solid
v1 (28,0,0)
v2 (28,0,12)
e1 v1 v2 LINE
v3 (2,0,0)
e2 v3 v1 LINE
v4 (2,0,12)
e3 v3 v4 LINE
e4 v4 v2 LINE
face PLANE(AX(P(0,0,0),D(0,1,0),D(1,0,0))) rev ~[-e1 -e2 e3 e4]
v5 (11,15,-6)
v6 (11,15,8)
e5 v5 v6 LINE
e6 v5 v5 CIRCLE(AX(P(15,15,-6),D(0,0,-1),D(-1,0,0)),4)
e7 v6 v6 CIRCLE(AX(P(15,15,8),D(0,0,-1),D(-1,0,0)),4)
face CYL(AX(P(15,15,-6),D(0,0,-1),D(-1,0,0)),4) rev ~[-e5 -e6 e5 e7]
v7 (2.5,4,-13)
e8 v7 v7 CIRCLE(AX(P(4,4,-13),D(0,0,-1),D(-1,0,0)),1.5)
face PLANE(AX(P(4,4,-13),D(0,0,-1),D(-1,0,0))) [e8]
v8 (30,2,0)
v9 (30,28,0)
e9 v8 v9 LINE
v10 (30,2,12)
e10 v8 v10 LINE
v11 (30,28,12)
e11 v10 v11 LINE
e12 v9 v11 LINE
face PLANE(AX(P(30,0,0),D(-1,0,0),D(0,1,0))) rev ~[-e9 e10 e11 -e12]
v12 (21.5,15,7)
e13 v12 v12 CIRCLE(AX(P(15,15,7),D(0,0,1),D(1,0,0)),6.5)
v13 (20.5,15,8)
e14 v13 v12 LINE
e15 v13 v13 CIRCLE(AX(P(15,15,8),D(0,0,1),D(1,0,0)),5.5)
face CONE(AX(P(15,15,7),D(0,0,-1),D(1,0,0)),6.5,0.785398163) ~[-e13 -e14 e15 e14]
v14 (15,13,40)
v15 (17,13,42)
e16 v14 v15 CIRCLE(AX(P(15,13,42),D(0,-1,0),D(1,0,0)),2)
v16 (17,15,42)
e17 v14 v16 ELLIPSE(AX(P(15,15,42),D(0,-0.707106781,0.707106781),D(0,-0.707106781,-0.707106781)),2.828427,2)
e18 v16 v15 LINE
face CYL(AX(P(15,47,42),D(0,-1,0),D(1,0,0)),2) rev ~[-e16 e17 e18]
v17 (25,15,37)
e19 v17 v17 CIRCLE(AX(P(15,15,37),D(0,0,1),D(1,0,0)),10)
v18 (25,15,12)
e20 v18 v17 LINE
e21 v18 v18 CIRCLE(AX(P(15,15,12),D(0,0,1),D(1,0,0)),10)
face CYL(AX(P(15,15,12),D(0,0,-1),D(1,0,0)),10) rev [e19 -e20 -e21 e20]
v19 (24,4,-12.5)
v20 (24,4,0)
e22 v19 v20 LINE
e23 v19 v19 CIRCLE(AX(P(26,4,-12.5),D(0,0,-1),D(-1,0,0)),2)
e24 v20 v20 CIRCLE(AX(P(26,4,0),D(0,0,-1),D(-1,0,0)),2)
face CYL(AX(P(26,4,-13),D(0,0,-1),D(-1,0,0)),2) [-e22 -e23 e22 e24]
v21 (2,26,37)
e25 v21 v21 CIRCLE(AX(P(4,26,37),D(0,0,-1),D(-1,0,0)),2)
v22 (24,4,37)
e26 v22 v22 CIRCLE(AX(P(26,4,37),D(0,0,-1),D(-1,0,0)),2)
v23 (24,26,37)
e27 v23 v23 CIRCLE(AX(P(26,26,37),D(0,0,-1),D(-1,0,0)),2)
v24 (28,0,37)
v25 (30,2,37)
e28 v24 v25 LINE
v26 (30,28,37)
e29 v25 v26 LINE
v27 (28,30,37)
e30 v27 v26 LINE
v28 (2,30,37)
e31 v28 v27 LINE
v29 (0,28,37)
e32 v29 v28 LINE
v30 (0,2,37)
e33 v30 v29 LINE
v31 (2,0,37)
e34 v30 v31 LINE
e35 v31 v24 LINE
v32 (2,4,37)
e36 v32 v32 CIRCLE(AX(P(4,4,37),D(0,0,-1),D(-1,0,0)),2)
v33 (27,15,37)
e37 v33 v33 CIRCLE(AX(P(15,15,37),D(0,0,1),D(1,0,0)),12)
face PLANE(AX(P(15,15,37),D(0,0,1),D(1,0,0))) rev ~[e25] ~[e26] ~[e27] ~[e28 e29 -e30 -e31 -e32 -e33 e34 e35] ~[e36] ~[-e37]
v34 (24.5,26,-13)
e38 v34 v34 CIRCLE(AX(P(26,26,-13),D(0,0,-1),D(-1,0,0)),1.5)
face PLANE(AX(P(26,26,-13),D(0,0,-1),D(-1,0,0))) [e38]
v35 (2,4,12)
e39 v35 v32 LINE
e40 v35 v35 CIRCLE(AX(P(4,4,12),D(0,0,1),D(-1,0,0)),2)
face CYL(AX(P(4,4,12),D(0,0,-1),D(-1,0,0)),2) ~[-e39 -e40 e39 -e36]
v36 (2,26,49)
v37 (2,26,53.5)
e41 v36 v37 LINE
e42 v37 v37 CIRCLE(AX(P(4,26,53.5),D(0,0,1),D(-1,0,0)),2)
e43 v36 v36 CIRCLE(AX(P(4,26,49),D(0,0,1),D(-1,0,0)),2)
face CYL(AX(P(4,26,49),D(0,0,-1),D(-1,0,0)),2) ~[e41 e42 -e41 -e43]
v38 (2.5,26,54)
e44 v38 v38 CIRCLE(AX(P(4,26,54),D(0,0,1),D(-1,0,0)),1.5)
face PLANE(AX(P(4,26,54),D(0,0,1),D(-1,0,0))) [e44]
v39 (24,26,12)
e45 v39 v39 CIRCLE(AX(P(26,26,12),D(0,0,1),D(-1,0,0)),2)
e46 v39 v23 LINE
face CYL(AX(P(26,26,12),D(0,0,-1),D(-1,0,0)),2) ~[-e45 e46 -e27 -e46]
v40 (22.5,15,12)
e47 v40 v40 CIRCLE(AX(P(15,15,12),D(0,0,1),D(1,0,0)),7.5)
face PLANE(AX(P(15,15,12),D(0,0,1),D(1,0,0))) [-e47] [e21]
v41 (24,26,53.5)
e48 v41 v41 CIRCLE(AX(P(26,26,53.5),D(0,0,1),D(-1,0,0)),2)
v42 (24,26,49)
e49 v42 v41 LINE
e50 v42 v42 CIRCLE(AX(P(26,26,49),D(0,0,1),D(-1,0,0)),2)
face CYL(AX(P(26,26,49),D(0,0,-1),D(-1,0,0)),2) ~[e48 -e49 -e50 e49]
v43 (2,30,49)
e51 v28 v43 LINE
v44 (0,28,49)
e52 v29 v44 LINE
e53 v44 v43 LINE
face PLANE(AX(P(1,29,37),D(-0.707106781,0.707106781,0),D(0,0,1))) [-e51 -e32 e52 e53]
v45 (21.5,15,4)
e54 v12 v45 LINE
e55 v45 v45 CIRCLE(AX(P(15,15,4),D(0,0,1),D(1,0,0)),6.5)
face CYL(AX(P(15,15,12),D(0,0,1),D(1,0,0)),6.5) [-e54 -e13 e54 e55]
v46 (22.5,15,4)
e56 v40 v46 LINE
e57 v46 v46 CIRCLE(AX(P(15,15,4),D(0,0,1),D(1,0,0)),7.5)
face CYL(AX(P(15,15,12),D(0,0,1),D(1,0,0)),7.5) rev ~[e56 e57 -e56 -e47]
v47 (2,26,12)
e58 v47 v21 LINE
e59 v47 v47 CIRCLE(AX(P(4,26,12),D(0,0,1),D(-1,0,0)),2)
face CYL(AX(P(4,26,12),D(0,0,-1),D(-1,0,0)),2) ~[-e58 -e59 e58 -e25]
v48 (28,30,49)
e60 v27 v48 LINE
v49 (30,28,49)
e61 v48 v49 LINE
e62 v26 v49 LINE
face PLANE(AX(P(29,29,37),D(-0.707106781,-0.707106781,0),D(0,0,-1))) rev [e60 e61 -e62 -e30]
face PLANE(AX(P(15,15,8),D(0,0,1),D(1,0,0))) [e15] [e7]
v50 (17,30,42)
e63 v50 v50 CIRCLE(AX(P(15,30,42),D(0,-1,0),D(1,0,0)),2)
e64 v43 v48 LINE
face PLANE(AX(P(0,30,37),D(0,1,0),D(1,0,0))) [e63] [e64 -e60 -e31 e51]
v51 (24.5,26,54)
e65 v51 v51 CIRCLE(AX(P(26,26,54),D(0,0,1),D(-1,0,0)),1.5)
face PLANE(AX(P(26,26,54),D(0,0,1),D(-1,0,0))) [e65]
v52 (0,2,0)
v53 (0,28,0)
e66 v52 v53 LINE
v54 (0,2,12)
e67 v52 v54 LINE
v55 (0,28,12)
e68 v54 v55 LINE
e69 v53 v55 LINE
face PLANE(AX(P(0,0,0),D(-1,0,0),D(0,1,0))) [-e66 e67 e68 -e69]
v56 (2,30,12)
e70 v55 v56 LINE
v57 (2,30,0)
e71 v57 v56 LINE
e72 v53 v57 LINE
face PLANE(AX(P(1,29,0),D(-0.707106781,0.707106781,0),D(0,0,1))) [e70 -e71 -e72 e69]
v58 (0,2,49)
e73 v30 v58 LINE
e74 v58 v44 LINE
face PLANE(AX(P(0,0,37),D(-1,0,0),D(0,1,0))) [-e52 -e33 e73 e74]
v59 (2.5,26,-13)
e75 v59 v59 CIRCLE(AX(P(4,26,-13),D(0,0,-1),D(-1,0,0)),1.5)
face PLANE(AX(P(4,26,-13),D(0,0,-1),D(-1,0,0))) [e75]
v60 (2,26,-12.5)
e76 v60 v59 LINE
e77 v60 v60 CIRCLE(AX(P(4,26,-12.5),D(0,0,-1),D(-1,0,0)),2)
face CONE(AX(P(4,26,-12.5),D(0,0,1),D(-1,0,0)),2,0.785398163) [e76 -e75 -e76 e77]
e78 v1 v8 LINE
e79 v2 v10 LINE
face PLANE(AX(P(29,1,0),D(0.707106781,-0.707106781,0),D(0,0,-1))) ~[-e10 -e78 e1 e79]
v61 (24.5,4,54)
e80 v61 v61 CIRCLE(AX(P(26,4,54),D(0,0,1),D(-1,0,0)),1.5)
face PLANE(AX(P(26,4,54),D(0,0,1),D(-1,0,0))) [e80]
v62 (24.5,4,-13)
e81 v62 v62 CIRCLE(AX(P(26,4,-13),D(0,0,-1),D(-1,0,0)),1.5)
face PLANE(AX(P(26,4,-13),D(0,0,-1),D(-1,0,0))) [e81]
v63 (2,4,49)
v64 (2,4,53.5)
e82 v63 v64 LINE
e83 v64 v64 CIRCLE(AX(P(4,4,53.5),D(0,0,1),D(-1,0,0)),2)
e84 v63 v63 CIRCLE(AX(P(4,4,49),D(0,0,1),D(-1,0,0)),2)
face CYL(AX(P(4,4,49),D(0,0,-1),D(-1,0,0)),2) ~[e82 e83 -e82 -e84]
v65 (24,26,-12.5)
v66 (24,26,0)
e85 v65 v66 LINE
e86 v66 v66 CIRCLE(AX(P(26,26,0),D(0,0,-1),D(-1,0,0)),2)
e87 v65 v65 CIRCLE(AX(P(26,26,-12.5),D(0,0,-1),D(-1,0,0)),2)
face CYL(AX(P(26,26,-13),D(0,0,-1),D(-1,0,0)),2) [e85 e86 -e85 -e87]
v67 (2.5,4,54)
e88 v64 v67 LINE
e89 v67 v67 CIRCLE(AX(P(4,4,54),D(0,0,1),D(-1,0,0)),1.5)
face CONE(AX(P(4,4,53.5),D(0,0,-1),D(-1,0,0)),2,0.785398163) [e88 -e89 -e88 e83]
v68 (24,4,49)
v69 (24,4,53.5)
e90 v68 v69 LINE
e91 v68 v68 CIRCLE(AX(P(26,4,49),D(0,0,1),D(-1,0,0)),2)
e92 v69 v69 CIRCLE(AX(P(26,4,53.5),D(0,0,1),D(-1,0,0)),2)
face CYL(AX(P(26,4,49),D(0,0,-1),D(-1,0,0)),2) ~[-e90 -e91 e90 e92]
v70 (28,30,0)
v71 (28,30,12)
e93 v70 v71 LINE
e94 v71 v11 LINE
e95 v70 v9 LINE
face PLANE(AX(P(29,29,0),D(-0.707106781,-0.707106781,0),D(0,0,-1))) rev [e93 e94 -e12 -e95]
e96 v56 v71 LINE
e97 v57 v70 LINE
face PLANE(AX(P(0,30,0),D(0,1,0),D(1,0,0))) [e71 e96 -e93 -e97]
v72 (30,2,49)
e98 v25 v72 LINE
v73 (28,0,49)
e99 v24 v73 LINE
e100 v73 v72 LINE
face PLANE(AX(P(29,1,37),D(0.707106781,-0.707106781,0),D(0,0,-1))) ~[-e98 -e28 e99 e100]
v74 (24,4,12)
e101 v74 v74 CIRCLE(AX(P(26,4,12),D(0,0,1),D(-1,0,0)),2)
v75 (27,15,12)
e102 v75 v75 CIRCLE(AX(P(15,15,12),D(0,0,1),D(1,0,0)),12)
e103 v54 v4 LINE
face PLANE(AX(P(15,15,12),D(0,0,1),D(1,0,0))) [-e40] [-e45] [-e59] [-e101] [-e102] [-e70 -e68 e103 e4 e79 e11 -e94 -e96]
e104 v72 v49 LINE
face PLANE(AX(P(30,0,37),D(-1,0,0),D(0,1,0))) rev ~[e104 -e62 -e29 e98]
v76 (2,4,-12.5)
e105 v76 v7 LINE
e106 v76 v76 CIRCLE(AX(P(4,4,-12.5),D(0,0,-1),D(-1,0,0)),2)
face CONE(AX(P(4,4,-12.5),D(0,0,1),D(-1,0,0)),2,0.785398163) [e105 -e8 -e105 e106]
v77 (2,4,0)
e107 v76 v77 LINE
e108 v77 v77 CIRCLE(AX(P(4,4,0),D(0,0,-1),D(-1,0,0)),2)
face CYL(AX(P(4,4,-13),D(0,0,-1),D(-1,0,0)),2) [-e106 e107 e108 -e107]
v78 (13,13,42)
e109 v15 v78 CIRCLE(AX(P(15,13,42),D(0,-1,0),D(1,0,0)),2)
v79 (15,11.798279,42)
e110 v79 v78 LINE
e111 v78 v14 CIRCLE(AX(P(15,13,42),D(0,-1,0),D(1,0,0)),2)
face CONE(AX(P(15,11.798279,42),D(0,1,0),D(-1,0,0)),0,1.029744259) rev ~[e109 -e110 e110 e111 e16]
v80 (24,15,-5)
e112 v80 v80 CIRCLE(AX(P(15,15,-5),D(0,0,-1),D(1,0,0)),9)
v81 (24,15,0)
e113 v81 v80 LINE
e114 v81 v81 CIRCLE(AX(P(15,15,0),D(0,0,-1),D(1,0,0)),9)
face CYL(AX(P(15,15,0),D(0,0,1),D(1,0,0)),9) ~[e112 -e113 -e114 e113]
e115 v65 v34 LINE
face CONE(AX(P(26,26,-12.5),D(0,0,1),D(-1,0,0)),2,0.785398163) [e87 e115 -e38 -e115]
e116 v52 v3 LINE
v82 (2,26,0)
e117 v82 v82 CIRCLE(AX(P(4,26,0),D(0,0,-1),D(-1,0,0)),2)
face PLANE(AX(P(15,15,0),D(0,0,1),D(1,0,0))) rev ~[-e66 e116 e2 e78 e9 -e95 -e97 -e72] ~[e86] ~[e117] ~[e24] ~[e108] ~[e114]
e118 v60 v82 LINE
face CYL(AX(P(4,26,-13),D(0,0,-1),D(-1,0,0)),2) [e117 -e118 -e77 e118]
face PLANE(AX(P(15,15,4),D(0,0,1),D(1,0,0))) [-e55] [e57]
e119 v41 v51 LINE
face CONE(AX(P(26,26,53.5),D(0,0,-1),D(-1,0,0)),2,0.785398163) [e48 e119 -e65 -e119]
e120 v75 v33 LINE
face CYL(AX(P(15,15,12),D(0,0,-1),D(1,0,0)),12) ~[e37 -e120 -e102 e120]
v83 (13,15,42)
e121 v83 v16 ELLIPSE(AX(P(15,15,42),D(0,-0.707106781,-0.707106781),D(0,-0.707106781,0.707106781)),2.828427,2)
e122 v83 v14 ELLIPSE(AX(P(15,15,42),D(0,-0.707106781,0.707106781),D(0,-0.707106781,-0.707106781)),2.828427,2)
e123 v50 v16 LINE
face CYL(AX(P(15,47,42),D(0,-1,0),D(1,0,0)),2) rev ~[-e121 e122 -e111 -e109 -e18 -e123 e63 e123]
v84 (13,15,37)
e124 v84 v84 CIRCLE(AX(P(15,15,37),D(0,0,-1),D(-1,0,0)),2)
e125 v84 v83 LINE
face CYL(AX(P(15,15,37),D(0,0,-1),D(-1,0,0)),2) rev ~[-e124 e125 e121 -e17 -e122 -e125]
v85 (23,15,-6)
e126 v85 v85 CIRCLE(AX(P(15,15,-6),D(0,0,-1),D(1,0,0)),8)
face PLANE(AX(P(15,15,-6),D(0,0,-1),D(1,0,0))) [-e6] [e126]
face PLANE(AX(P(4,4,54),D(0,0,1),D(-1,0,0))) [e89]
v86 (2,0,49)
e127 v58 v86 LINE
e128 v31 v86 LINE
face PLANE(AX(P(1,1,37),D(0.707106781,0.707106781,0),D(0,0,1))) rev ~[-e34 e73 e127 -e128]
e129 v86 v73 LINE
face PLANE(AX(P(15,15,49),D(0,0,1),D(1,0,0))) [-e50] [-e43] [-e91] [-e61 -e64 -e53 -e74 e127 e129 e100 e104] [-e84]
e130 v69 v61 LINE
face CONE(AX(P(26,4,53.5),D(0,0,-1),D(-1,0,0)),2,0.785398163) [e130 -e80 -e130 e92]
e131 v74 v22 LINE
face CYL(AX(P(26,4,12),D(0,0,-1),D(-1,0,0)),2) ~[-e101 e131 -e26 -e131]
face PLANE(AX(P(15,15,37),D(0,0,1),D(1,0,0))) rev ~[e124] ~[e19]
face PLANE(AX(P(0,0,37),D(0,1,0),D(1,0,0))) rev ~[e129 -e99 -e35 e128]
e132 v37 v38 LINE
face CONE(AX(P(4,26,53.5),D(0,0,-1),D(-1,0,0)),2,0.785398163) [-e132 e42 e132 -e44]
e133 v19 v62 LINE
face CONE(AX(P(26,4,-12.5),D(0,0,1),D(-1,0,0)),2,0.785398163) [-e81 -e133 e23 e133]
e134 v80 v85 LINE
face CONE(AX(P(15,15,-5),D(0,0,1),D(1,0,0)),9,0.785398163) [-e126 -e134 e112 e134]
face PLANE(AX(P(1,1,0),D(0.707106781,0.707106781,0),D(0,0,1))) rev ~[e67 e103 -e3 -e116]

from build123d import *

# Parameters (mm, degrees)
ESQUISSE1_W                       = 30
ESQUISSE1_H                       = 30
BASE_EXTRUSION_DEPTH              = 12
ESQUISSE2_R                       = 12
ESQUISSE2_R_2                     = 10
BOS_EXTRU_MINCE1_DEPTH            = 25
ESQUISSE3_W                       = 30
ESQUISSE3_H                       = 30
BOSS_EXTRU_1_DEPTH                = 12
BOSS_EXTRU_2_REACH                = 58.294
ESQUISSE4_R                       = 2
BOSS_EXTRU_3_REACH                = 53.124
ESQUISSE5_R                       = 2
BOSS_EXTRU_4_REACH                = 64.884
ESQUISSE6_R                       = 2
BOSS_EXTRU_5_REACH                = 69.61
ESQUISSE7_R                       = 2
ESQUISSE10_R                      = 9
BOSS_EXTRU_6_DEPTH                = 6
EXTRUSION1_START                  = 13
ESQUISSE15_R                      = 2
EXTRUSION1_DEPTH                  = 13
ESQUISSE16_R                      = 2
EXTRUSION2_DEPTH                  = 5
CHANFREIN2_SIZE                   = 0.5
CHANFREIN5_SIZE                   = 1
ESQUISSE17_R                      = 4
ENL_V_MAT_EXTRU_1_DEPTH           = 26.67049611
CHANFREIN6_SIZE                   = 2
ESQUISSE24_R                      = 7.5
ESQUISSE24_R_2                    = 6.5
ENL_V_MAT_EXTRU_2_DEPTH           = 8
ESQUISSE25_R                      = 6.5
ENL_V_MAT_EXTRU_3_DEPTH           = 4
CHANFREIN7_SIZE                   = 1
DIAM_TRE_DU_PER_AGE_4_0_4_1_D     = 4
DIAM_TRE_DU_PER_AGE_4_0_4_1_DEPTH = 17
DIAM_TRE_DU_PER_AGE_4_0_4_1_TIP   = 1.201721238
ESQUISSE28_R                      = 2
ENL_V_MAT_EXTRU_4_DEPTH           = 5


with BuildPart() as part:
    # Esquisse1 → Base-Extrusion (new body)
    with BuildSketch(Plane.XY):
        with Locations((15, 15)):
            Rectangle(ESQUISSE1_W, ESQUISSE1_H)
    extrude(amount=BASE_EXTRUSION_DEPTH)

    # Esquisse2 → Bos.-Extru.-Mince1 (add)
    with BuildSketch(Plane.XY.offset(12)):
        with Locations((15, 15)):
            Circle(ESQUISSE2_R)
        with Locations((15, 15)):
            Circle(ESQUISSE2_R_2, mode=Mode.SUBTRACT)
    extrude(amount=BOS_EXTRU_MINCE1_DEPTH)

    # Esquisse3 → Boss.-Extru.1 (add)
    with BuildSketch(Plane.XY.offset(37)):
        with Locations((15, 15)):
            Rectangle(ESQUISSE3_W, ESQUISSE3_H)
    extrude(amount=BOSS_EXTRU_1_DEPTH)

    # Esquisse4 → Boss.-Extru.2 (add, up to next)
    with BuildSketch(Plane.XY.offset(12), mode=Mode.PRIVATE) as boss_extru_2_sk1:
        with Locations(Location((4, 26, 0), (0, 0, 180))):
            Circle(ESQUISSE4_R)
    boss_extru_2_tool1 = extrude(boss_extru_2_sk1.sketch, amount=BOSS_EXTRU_2_REACH, mode=Mode.PRIVATE) - part.part
    add(boss_extru_2_tool1.solids().sort_by_distance((4, 26, 12))[0])

    # Esquisse5 → Boss.-Extru.3 (add, up to next)
    with BuildSketch(Plane(origin=(19.916830052, 0.880144556, 12), x_dir=(1, 0, 0), z_dir=(0, 0, 1)), mode=Mode.PRIVATE) as boss_extru_3_sk1:
        with Locations(Location((6.083169948, 25.119855444, 0), (0, 0, 180))):
            Circle(ESQUISSE5_R)
    boss_extru_3_tool1 = extrude(boss_extru_3_sk1.sketch, amount=BOSS_EXTRU_3_REACH, mode=Mode.PRIVATE) - part.part
    add(boss_extru_3_tool1.solids().sort_by_distance((26, 26, 12))[0])

    # Esquisse6 → Boss.-Extru.4 (add, up to next)
    with BuildSketch(Plane(origin=(19.426828301, -16.989020523, 12), x_dir=(1, 0, 0), z_dir=(0, 0, 1)), mode=Mode.PRIVATE) as boss_extru_4_sk1:
        with Locations(Location((6.573171699, 20.989020523, 0), (0, 0, 180))):
            Circle(ESQUISSE6_R)
    boss_extru_4_tool1 = extrude(boss_extru_4_sk1.sketch, amount=BOSS_EXTRU_4_REACH, mode=Mode.PRIVATE) - part.part
    add(boss_extru_4_tool1.solids().sort_by_distance((26, 4, 12))[0])

    # Esquisse7 → Boss.-Extru.5 (add, up to next)
    with BuildSketch(Plane(origin=(0.731824689, -18.430102912, 12), x_dir=(1, 0, 0), z_dir=(0, 0, 1)), mode=Mode.PRIVATE) as boss_extru_5_sk1:
        with Locations(Location((3.268175311, 22.430102912, 0), (0, 0, 180))):
            Circle(ESQUISSE7_R)
    boss_extru_5_tool1 = extrude(boss_extru_5_sk1.sketch, amount=BOSS_EXTRU_5_REACH, mode=Mode.PRIVATE) - part.part
    add(boss_extru_5_tool1.solids().sort_by_distance((4, 4, 12))[0])

    # Esquisse10 → Boss.-Extru.6 (add)
    with BuildSketch(Plane(origin=(0, 0, 0), x_dir=(-1, 0, 0), z_dir=(0, 0, -1))):
        with Locations(Location((-15, 15, 0), (0, 0, 180))):
            Circle(ESQUISSE10_R)
    extrude(amount=BOSS_EXTRU_6_DEPTH)

    # Esquisse15 → Extrusion1 (add)
    with BuildSketch(Plane(origin=(0, 0, 0), x_dir=(-1, 0, 0), z_dir=(0, 0, -1)).offset(EXTRUSION1_START)):
        with Locations((-4, 26)):
            Circle(ESQUISSE15_R)
        with Locations((-4, 4)):
            Circle(ESQUISSE15_R)
        with Locations((-26, 4)):
            Circle(ESQUISSE15_R)
        with Locations((-26, 26)):
            Circle(ESQUISSE15_R)
    extrude(amount=-EXTRUSION1_DEPTH)

    # Esquisse16 → Extrusion2 (add)
    with BuildSketch(Plane.XY.offset(49)):
        with Locations(Location((26, 26, 0), (0, 0, 180))):
            Circle(ESQUISSE16_R)
        with Locations(Location((26, 4, 0), (0, 0, 180))):
            Circle(ESQUISSE16_R)
        with Locations(Location((4, 4, 0), (0, 0, 180))):
            Circle(ESQUISSE16_R)
        with Locations(Location((4, 26, 0), (0, 0, 180))):
            Circle(ESQUISSE16_R)
    extrude(amount=EXTRUSION2_DEPTH)

    # Chanfrein2
    chanfrein2_edges = [part.edges().sort_by_distance(p)[0] for p in [
        (6, 26, -13),
        (6, 4, -13),
        (28, 4, -13),
        (28, 26, -13),
        (28, 26, 54),
        (28, 4, 54),
        (6, 4, 54),
        (6, 26, 54),
    ]]
    chamfer(chanfrein2_edges, length=CHANFREIN2_SIZE)

    # Chanfrein5
    chanfrein5_edges = [part.edges().sort_by_distance(p)[0] for p in [
        (6, 15, -6),
    ]]
    chamfer(chanfrein5_edges, length=CHANFREIN5_SIZE)

    # Esquisse17 → Enlèv. mat.-Extru.1 (cut)
    with BuildSketch(Plane(origin=(0, 0, -6), x_dir=(-1, 0, 0), z_dir=(0, 0, -1))):
        with Locations((-15, 15)):
            Circle(ESQUISSE17_R)
    extrude(amount=-ENL_V_MAT_EXTRU_1_DEPTH, mode=Mode.SUBTRACT)

    # Chanfrein6
    chanfrein6_edges = [part.edges().sort_by_distance(p)[0] for p in [
        (0, 30, 43),
        (0, 0, 43),
        (30, 0, 43),
        (30, 30, 43),
        (0, 30, 6),
        (30, 30, 6),
        (30, 0, 6),
        (0, 0, 6),
    ]]
    chamfer(chanfrein6_edges, length=CHANFREIN6_SIZE)

    # Esquisse24 → Enlèv. mat.-Extru.2 (cut)
    with BuildSketch(Plane.XY.offset(12)):
        with Locations((15, 15)):
            Circle(ESQUISSE24_R)
        with Locations((15, 15)):
            Circle(ESQUISSE24_R_2, mode=Mode.SUBTRACT)
    extrude(amount=-ENL_V_MAT_EXTRU_2_DEPTH, mode=Mode.SUBTRACT)

    # Esquisse25 → Enlèv. mat.-Extru.3 (cut)
    with BuildSketch(Plane.XY.offset(12)):
        with Locations((15, 15)):
            Circle(ESQUISSE25_R)
    extrude(amount=-ENL_V_MAT_EXTRU_3_DEPTH, mode=Mode.SUBTRACT)

    # Chanfrein7
    chanfrein7_edges = [part.edges().sort_by_distance(p)[0] for p in [
        (8.5, 15, 8),
    ]]
    chamfer(chanfrein7_edges, length=CHANFREIN7_SIZE)

    # Diamètre du perçage Ø4.0 (4)1
    with Locations(Plane(origin=(0, 30, 0), x_dir=(-1, 0, 0), z_dir=(0, 1, 0))):
        with Locations((-15, 42)):
            Hole(DIAM_TRE_DU_PER_AGE_4_0_4_1_D / 2, depth=DIAM_TRE_DU_PER_AGE_4_0_4_1_DEPTH)
            with Locations((0, 0, -(DIAM_TRE_DU_PER_AGE_4_0_4_1_DEPTH + DIAM_TRE_DU_PER_AGE_4_0_4_1_TIP / 2))):  # 118° drill point
                Cone(0, DIAM_TRE_DU_PER_AGE_4_0_4_1_D / 2, DIAM_TRE_DU_PER_AGE_4_0_4_1_TIP, mode=Mode.SUBTRACT)

    # Esquisse28 → Enlèv. mat.-Extru.4 (cut)
    with BuildSketch(Plane(origin=(0, 0, 37), x_dir=(-1, 0, 0), z_dir=(0, 0, -1))):
        with Locations((-15, 15)):
            Circle(ESQUISSE28_R)
    extrude(amount=-ENL_V_MAT_EXTRU_4_DEPTH, mode=Mode.SUBTRACT)


solid = part.part
